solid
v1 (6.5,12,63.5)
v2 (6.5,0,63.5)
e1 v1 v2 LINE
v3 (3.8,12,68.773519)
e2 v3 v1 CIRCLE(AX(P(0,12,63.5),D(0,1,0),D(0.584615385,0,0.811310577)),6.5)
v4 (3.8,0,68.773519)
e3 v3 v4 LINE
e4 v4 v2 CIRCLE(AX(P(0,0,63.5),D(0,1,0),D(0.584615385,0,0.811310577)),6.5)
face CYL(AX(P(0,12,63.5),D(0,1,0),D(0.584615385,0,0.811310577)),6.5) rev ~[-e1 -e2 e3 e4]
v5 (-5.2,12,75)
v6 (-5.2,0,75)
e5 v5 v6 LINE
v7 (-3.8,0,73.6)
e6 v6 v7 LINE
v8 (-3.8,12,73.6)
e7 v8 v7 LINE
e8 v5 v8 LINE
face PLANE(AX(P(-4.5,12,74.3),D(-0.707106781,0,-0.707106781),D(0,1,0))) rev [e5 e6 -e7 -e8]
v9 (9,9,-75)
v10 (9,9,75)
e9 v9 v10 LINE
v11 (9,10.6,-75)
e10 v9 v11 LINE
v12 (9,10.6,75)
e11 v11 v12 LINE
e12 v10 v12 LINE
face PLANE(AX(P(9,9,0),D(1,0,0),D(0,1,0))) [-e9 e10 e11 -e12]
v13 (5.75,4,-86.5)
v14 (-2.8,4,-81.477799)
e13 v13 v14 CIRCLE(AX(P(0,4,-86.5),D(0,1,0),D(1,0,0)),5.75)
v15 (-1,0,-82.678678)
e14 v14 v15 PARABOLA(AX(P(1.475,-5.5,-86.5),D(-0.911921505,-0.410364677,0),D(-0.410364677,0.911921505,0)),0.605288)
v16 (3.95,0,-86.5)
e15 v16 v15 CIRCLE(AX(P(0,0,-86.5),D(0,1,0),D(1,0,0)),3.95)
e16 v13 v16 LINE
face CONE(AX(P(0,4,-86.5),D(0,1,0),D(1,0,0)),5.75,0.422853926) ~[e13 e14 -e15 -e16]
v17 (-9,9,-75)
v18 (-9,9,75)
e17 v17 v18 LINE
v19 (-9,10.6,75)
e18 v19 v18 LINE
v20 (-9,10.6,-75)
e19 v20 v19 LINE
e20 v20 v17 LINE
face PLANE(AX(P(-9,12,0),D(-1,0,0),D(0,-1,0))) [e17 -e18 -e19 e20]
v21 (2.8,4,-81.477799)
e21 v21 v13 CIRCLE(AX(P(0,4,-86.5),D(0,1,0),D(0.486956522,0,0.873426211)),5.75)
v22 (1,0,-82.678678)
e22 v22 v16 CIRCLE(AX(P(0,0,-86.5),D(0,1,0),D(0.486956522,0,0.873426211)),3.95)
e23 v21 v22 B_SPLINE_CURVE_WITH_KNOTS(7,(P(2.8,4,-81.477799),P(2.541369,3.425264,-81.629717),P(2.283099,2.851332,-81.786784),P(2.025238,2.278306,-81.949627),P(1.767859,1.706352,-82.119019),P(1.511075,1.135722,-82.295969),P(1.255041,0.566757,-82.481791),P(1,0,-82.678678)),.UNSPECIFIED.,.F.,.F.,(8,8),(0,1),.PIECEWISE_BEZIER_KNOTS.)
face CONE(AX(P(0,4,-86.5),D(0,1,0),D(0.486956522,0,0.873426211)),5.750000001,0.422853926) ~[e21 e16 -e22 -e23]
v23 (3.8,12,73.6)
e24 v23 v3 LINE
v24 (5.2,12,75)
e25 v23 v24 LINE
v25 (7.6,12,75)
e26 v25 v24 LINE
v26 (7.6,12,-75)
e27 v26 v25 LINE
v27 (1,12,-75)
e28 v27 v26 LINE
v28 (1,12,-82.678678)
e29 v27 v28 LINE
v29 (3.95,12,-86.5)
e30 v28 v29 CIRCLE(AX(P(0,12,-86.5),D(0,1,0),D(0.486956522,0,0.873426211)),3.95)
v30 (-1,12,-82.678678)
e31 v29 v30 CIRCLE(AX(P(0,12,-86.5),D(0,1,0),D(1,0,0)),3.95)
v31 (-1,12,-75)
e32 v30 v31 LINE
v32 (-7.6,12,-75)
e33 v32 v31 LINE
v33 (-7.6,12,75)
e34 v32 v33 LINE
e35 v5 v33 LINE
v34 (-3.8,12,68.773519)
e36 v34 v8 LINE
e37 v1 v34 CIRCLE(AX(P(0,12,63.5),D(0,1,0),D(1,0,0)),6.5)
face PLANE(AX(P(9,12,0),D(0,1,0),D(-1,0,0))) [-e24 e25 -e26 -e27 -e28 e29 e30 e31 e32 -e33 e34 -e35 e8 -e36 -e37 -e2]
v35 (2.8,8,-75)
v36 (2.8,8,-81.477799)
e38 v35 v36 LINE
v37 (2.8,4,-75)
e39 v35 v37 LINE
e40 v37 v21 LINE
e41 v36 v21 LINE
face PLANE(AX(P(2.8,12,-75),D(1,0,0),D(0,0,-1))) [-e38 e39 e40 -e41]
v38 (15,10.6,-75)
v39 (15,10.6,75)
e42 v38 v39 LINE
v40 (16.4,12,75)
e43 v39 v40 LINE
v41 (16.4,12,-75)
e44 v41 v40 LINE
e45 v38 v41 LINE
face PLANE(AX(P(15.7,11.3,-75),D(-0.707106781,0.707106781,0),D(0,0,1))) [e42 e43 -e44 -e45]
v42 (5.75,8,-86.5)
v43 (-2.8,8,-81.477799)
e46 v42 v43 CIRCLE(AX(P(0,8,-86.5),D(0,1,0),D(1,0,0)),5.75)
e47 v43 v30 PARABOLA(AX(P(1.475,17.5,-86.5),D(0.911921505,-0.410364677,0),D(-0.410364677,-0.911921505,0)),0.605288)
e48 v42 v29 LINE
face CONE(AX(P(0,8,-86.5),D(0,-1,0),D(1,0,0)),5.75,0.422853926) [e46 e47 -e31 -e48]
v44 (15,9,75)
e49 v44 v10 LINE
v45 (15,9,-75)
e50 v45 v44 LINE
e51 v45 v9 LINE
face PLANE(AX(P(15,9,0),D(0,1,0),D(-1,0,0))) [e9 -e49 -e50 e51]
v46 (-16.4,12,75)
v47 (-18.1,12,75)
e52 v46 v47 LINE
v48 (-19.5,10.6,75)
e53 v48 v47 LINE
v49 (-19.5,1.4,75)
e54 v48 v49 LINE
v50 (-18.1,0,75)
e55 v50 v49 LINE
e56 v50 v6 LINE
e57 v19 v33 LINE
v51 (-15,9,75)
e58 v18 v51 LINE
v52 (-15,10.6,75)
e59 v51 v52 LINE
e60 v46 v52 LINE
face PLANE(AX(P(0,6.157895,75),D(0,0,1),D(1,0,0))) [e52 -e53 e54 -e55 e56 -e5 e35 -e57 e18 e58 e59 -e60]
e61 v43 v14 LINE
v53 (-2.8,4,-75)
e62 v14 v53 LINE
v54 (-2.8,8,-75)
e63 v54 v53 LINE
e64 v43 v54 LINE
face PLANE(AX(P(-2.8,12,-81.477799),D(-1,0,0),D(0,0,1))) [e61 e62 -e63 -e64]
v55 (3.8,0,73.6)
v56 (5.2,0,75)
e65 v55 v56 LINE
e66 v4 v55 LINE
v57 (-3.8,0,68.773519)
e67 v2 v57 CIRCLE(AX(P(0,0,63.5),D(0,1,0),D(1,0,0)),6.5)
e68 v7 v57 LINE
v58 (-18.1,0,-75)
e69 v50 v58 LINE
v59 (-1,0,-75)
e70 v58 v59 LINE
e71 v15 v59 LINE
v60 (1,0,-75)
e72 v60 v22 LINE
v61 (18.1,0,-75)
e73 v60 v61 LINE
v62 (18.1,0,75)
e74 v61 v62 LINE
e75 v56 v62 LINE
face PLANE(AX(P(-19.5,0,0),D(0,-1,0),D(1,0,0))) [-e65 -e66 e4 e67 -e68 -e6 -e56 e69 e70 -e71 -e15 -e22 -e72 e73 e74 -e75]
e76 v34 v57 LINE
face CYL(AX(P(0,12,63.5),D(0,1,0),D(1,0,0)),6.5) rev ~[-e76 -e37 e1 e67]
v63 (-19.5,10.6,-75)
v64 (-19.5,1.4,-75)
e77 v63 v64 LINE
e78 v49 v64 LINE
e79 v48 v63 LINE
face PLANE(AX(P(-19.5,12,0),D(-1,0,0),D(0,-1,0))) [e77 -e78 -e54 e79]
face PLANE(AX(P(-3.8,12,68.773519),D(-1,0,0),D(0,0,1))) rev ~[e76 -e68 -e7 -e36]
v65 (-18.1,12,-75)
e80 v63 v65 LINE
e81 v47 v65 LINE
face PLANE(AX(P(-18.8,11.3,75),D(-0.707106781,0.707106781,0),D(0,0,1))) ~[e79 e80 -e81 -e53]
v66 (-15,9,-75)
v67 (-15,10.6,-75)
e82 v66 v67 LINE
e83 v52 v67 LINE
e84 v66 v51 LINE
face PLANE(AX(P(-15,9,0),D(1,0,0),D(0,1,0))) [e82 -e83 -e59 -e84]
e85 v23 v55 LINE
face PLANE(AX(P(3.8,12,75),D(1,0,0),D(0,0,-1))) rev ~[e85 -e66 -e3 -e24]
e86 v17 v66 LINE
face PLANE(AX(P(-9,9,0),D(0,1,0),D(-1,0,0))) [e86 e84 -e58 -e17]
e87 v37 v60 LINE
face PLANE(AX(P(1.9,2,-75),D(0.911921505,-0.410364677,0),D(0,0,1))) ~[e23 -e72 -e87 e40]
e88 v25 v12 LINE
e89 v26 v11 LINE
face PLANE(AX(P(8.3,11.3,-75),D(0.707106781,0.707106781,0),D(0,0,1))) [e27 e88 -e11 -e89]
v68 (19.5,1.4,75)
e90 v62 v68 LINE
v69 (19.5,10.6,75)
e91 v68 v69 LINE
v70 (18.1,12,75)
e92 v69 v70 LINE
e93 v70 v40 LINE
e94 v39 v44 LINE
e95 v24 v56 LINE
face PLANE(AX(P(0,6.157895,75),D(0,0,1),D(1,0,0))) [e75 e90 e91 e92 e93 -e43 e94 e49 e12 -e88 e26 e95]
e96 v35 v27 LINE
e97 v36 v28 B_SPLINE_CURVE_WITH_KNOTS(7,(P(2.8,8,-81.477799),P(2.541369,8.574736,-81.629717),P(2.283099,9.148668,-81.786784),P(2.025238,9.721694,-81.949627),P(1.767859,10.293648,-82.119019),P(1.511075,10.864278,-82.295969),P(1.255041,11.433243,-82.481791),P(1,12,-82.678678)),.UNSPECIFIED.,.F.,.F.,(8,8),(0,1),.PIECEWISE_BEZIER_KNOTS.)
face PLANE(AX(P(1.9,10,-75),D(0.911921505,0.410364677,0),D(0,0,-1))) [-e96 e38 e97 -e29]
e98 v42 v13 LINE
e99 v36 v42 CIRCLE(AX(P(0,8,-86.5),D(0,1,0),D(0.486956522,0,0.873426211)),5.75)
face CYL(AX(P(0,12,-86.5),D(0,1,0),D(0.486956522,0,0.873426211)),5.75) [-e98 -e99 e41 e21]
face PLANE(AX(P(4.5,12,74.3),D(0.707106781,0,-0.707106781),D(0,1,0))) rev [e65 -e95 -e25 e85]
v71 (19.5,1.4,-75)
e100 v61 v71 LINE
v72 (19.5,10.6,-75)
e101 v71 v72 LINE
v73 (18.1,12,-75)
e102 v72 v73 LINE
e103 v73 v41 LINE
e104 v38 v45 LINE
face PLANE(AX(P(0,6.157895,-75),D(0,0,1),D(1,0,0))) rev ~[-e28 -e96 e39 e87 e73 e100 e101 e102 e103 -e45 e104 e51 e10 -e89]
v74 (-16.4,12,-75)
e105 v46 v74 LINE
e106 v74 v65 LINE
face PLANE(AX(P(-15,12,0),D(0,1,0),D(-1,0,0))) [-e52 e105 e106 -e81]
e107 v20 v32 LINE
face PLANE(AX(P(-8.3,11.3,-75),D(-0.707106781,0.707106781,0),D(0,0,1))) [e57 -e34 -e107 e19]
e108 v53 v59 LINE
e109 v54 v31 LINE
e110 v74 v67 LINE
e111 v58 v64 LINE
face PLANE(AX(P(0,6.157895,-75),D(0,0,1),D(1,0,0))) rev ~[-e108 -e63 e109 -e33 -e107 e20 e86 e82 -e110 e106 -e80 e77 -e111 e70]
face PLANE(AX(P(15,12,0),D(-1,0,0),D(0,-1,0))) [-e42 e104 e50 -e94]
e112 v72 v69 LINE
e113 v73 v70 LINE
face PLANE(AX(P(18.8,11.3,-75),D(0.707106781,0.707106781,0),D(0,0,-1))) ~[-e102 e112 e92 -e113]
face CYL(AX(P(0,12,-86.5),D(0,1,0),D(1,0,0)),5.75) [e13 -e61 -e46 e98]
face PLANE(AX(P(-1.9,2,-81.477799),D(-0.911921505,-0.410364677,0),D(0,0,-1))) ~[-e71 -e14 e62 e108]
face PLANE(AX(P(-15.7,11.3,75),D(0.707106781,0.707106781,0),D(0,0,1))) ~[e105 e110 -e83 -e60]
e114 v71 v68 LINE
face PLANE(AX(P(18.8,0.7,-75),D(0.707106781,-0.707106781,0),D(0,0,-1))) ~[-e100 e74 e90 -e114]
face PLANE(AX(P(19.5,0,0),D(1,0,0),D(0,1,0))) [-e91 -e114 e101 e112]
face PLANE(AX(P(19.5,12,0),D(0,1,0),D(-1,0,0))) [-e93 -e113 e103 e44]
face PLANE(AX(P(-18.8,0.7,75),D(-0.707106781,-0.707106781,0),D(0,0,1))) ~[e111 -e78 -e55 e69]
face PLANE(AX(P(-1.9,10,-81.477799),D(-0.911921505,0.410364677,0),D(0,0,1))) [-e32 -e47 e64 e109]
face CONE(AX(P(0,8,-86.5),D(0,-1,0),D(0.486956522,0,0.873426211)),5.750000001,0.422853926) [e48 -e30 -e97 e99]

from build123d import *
from OCP.BRepFilletAPI import BRepFilletAPI_MakeChamfer

# Parameters (mm, degrees)
BOSS_EXTRUDE1_DEPTH = 75
CUT_EXTRUDE1_DEPTH  = 79.417153736
CHAMFER1_SIZE       = 1.4
BOSS_EXTRUDE2_DEPTH = 12
CHAMFER2_SIZE       = 4
CHAMFER2_SIZE2      = 1.8


with BuildPart() as part:
    # Sketch2 → Boss-Extrude1 (new, symmetric)
    with BuildSketch(Plane.XY):
        Polygon((-19.5, 0), (19.5, 0), (19.5, 12), (15, 12), (15, 9), (9, 9), (9, 12), (-9, 12), (-9, 9), (-15, 9), (-15, 12), (-19.5, 12), align=None)
    extrude(amount=BOSS_EXTRUDE1_DEPTH, both=True)

    # Sketch3 → Cut-Extrude1 (cut, through all)
    with BuildSketch(Plane(origin=(0, 12, 0), x_dir=(1, 0, 0), z_dir=(0, 1, 0))):
        with BuildLine():
            ThreePointArc((-3.8, -68.773518749), (0, -70), (3.8, -68.773518749))
            Line((3.8, -68.773518749), (3.8, -63.5))
            Line((3.8, -63.5), (-3.8, -63.5))
            Line((-3.8, -63.5), (-3.8, -68.773518749))
        make_face()
        with BuildLine():
            Line((3.8, -63.5), (3.8, -68.773518749))
            ThreePointArc((3.8, -68.773518749), (5.785758377, -66.462262649), (6.5, -63.5))
            ThreePointArc((6.5, -63.5), (-2.962262649, -57.714241623), (-3.8, -68.773518749))
            Line((-3.8, -68.773518749), (-3.8, -63.5))
            Line((-3.8, -63.5), (3.8, -63.5))
        make_face()
        with BuildLine():
            Line((-3.8, -75), (3.8, -75))
            Line((3.8, -75), (3.8, -68.773518749))
            ThreePointArc((3.8, -68.773518749), (0, -70), (-3.8, -68.773518749))
            Line((-3.8, -68.773518749), (-3.8, -75))
        make_face()
    extrude(amount=-CUT_EXTRUDE1_DEPTH, mode=Mode.SUBTRACT)

    # Chamfer1
    chamfer1_edges = [part.edges().sort_by_distance(p)[0] for p in [
        (-19.5, 12, 0),
        (-15, 12, 0),
        (-9, 12, 0),
        (9, 12, 0),
        (15, 12, 0),
        (19.5, 12, 0),
        (19.5, 0, 0),
        (-19.5, 0, 0),
        (3.8, 6, 75),
        (-3.8, 6, 75),
    ]]
    chamfer(chamfer1_edges, length=CHAMFER1_SIZE)

    # Sketch4 → Boss-Extrude2 (add)
    with BuildSketch(Plane(origin=(0, 12, 0), x_dir=(1, 0, 0), z_dir=(0, 1, 0))):
        with BuildLine():
            Line((-2.8, 81.477799287), (-2.8, 86.5))
            Line((-2.8, 86.5), (2.8, 86.5))
            Line((2.8, 86.5), (2.8, 81.477799287))
            ThreePointArc((2.8, 81.477799287), (4.957948164, 83.587741426), (5.75, 86.5))
            ThreePointArc((5.75, 86.5), (-2.912258574, 91.457948164), (-2.8, 81.477799287))
        make_face()
        with BuildLine():
            Line((2.8, 86.5), (-2.8, 86.5))
            Line((-2.8, 86.5), (-2.8, 81.477799287))
            ThreePointArc((-2.8, 81.477799287), (0, 80.75), (2.8, 81.477799287))
            Line((2.8, 81.477799287), (2.8, 86.5))
        make_face()
        with BuildLine():
            ThreePointArc((2.8, 81.477799287), (0, 80.75), (-2.8, 81.477799287))
            Line((-2.8, 81.477799287), (-2.8, 75))
            Line((-2.8, 75), (2.8, 75))
            Line((2.8, 75), (2.8, 81.477799287))
        make_face()
    extrude(amount=-BOSS_EXTRUDE2_DEPTH)

    # Chamfer2: one chamfer whose edges measure the first distance from different faces: ONE call of the kernel's chamfer builder (chamfer() names one face for all edges)
    chamfer2_edges_1 = [part.edges().sort_by_distance(p)[0] for p in [
        (2.8, 0, -78.238899644),
        (2.8, 12, -78.238899644),
    ]]
    chamfer2_side_1 = [part.faces().sort_by_distance(p)[0] for p in [
        (2.8, 6, -78.238899644),
    ]]
    chamfer2_edges_2 = [part.edges().sort_by_distance(p)[0] for p in [
        (0, 12, -92.25),
        (0, 0, -92.25),
    ]]
    chamfer2_side_2 = [part.faces().sort_by_distance(p)[0] for p in [
        (0, 6, -92.25),
    ]]
    chamfer2_edges_3 = [part.edges().sort_by_distance(p)[0] for p in [
        (-2.8, 12, -78.238899644),
        (-2.8, 0, -78.238899644),
    ]]
    chamfer2_side_3 = [part.faces().sort_by_distance(p)[0] for p in [
        (-2.8, 6, -78.238899644),
    ]]
    chamfer2 = BRepFilletAPI_MakeChamfer(part.part.solid().wrapped)
    for e in chamfer2_edges_1:
        chamfer2.Add(CHAMFER2_SIZE, CHAMFER2_SIZE2, e.wrapped, chamfer2_side_1[0].wrapped)  # the first distance lies on this face
    for e in chamfer2_edges_2:
        chamfer2.Add(CHAMFER2_SIZE, CHAMFER2_SIZE2, e.wrapped, chamfer2_side_2[0].wrapped)  # the first distance lies on this face
    for e in chamfer2_edges_3:
        chamfer2.Add(CHAMFER2_SIZE, CHAMFER2_SIZE2, e.wrapped, chamfer2_side_3[0].wrapped)  # the first distance lies on this face
    add(Compound.cast(chamfer2.Shape()), mode=Mode.REPLACE)


solid = part.part
